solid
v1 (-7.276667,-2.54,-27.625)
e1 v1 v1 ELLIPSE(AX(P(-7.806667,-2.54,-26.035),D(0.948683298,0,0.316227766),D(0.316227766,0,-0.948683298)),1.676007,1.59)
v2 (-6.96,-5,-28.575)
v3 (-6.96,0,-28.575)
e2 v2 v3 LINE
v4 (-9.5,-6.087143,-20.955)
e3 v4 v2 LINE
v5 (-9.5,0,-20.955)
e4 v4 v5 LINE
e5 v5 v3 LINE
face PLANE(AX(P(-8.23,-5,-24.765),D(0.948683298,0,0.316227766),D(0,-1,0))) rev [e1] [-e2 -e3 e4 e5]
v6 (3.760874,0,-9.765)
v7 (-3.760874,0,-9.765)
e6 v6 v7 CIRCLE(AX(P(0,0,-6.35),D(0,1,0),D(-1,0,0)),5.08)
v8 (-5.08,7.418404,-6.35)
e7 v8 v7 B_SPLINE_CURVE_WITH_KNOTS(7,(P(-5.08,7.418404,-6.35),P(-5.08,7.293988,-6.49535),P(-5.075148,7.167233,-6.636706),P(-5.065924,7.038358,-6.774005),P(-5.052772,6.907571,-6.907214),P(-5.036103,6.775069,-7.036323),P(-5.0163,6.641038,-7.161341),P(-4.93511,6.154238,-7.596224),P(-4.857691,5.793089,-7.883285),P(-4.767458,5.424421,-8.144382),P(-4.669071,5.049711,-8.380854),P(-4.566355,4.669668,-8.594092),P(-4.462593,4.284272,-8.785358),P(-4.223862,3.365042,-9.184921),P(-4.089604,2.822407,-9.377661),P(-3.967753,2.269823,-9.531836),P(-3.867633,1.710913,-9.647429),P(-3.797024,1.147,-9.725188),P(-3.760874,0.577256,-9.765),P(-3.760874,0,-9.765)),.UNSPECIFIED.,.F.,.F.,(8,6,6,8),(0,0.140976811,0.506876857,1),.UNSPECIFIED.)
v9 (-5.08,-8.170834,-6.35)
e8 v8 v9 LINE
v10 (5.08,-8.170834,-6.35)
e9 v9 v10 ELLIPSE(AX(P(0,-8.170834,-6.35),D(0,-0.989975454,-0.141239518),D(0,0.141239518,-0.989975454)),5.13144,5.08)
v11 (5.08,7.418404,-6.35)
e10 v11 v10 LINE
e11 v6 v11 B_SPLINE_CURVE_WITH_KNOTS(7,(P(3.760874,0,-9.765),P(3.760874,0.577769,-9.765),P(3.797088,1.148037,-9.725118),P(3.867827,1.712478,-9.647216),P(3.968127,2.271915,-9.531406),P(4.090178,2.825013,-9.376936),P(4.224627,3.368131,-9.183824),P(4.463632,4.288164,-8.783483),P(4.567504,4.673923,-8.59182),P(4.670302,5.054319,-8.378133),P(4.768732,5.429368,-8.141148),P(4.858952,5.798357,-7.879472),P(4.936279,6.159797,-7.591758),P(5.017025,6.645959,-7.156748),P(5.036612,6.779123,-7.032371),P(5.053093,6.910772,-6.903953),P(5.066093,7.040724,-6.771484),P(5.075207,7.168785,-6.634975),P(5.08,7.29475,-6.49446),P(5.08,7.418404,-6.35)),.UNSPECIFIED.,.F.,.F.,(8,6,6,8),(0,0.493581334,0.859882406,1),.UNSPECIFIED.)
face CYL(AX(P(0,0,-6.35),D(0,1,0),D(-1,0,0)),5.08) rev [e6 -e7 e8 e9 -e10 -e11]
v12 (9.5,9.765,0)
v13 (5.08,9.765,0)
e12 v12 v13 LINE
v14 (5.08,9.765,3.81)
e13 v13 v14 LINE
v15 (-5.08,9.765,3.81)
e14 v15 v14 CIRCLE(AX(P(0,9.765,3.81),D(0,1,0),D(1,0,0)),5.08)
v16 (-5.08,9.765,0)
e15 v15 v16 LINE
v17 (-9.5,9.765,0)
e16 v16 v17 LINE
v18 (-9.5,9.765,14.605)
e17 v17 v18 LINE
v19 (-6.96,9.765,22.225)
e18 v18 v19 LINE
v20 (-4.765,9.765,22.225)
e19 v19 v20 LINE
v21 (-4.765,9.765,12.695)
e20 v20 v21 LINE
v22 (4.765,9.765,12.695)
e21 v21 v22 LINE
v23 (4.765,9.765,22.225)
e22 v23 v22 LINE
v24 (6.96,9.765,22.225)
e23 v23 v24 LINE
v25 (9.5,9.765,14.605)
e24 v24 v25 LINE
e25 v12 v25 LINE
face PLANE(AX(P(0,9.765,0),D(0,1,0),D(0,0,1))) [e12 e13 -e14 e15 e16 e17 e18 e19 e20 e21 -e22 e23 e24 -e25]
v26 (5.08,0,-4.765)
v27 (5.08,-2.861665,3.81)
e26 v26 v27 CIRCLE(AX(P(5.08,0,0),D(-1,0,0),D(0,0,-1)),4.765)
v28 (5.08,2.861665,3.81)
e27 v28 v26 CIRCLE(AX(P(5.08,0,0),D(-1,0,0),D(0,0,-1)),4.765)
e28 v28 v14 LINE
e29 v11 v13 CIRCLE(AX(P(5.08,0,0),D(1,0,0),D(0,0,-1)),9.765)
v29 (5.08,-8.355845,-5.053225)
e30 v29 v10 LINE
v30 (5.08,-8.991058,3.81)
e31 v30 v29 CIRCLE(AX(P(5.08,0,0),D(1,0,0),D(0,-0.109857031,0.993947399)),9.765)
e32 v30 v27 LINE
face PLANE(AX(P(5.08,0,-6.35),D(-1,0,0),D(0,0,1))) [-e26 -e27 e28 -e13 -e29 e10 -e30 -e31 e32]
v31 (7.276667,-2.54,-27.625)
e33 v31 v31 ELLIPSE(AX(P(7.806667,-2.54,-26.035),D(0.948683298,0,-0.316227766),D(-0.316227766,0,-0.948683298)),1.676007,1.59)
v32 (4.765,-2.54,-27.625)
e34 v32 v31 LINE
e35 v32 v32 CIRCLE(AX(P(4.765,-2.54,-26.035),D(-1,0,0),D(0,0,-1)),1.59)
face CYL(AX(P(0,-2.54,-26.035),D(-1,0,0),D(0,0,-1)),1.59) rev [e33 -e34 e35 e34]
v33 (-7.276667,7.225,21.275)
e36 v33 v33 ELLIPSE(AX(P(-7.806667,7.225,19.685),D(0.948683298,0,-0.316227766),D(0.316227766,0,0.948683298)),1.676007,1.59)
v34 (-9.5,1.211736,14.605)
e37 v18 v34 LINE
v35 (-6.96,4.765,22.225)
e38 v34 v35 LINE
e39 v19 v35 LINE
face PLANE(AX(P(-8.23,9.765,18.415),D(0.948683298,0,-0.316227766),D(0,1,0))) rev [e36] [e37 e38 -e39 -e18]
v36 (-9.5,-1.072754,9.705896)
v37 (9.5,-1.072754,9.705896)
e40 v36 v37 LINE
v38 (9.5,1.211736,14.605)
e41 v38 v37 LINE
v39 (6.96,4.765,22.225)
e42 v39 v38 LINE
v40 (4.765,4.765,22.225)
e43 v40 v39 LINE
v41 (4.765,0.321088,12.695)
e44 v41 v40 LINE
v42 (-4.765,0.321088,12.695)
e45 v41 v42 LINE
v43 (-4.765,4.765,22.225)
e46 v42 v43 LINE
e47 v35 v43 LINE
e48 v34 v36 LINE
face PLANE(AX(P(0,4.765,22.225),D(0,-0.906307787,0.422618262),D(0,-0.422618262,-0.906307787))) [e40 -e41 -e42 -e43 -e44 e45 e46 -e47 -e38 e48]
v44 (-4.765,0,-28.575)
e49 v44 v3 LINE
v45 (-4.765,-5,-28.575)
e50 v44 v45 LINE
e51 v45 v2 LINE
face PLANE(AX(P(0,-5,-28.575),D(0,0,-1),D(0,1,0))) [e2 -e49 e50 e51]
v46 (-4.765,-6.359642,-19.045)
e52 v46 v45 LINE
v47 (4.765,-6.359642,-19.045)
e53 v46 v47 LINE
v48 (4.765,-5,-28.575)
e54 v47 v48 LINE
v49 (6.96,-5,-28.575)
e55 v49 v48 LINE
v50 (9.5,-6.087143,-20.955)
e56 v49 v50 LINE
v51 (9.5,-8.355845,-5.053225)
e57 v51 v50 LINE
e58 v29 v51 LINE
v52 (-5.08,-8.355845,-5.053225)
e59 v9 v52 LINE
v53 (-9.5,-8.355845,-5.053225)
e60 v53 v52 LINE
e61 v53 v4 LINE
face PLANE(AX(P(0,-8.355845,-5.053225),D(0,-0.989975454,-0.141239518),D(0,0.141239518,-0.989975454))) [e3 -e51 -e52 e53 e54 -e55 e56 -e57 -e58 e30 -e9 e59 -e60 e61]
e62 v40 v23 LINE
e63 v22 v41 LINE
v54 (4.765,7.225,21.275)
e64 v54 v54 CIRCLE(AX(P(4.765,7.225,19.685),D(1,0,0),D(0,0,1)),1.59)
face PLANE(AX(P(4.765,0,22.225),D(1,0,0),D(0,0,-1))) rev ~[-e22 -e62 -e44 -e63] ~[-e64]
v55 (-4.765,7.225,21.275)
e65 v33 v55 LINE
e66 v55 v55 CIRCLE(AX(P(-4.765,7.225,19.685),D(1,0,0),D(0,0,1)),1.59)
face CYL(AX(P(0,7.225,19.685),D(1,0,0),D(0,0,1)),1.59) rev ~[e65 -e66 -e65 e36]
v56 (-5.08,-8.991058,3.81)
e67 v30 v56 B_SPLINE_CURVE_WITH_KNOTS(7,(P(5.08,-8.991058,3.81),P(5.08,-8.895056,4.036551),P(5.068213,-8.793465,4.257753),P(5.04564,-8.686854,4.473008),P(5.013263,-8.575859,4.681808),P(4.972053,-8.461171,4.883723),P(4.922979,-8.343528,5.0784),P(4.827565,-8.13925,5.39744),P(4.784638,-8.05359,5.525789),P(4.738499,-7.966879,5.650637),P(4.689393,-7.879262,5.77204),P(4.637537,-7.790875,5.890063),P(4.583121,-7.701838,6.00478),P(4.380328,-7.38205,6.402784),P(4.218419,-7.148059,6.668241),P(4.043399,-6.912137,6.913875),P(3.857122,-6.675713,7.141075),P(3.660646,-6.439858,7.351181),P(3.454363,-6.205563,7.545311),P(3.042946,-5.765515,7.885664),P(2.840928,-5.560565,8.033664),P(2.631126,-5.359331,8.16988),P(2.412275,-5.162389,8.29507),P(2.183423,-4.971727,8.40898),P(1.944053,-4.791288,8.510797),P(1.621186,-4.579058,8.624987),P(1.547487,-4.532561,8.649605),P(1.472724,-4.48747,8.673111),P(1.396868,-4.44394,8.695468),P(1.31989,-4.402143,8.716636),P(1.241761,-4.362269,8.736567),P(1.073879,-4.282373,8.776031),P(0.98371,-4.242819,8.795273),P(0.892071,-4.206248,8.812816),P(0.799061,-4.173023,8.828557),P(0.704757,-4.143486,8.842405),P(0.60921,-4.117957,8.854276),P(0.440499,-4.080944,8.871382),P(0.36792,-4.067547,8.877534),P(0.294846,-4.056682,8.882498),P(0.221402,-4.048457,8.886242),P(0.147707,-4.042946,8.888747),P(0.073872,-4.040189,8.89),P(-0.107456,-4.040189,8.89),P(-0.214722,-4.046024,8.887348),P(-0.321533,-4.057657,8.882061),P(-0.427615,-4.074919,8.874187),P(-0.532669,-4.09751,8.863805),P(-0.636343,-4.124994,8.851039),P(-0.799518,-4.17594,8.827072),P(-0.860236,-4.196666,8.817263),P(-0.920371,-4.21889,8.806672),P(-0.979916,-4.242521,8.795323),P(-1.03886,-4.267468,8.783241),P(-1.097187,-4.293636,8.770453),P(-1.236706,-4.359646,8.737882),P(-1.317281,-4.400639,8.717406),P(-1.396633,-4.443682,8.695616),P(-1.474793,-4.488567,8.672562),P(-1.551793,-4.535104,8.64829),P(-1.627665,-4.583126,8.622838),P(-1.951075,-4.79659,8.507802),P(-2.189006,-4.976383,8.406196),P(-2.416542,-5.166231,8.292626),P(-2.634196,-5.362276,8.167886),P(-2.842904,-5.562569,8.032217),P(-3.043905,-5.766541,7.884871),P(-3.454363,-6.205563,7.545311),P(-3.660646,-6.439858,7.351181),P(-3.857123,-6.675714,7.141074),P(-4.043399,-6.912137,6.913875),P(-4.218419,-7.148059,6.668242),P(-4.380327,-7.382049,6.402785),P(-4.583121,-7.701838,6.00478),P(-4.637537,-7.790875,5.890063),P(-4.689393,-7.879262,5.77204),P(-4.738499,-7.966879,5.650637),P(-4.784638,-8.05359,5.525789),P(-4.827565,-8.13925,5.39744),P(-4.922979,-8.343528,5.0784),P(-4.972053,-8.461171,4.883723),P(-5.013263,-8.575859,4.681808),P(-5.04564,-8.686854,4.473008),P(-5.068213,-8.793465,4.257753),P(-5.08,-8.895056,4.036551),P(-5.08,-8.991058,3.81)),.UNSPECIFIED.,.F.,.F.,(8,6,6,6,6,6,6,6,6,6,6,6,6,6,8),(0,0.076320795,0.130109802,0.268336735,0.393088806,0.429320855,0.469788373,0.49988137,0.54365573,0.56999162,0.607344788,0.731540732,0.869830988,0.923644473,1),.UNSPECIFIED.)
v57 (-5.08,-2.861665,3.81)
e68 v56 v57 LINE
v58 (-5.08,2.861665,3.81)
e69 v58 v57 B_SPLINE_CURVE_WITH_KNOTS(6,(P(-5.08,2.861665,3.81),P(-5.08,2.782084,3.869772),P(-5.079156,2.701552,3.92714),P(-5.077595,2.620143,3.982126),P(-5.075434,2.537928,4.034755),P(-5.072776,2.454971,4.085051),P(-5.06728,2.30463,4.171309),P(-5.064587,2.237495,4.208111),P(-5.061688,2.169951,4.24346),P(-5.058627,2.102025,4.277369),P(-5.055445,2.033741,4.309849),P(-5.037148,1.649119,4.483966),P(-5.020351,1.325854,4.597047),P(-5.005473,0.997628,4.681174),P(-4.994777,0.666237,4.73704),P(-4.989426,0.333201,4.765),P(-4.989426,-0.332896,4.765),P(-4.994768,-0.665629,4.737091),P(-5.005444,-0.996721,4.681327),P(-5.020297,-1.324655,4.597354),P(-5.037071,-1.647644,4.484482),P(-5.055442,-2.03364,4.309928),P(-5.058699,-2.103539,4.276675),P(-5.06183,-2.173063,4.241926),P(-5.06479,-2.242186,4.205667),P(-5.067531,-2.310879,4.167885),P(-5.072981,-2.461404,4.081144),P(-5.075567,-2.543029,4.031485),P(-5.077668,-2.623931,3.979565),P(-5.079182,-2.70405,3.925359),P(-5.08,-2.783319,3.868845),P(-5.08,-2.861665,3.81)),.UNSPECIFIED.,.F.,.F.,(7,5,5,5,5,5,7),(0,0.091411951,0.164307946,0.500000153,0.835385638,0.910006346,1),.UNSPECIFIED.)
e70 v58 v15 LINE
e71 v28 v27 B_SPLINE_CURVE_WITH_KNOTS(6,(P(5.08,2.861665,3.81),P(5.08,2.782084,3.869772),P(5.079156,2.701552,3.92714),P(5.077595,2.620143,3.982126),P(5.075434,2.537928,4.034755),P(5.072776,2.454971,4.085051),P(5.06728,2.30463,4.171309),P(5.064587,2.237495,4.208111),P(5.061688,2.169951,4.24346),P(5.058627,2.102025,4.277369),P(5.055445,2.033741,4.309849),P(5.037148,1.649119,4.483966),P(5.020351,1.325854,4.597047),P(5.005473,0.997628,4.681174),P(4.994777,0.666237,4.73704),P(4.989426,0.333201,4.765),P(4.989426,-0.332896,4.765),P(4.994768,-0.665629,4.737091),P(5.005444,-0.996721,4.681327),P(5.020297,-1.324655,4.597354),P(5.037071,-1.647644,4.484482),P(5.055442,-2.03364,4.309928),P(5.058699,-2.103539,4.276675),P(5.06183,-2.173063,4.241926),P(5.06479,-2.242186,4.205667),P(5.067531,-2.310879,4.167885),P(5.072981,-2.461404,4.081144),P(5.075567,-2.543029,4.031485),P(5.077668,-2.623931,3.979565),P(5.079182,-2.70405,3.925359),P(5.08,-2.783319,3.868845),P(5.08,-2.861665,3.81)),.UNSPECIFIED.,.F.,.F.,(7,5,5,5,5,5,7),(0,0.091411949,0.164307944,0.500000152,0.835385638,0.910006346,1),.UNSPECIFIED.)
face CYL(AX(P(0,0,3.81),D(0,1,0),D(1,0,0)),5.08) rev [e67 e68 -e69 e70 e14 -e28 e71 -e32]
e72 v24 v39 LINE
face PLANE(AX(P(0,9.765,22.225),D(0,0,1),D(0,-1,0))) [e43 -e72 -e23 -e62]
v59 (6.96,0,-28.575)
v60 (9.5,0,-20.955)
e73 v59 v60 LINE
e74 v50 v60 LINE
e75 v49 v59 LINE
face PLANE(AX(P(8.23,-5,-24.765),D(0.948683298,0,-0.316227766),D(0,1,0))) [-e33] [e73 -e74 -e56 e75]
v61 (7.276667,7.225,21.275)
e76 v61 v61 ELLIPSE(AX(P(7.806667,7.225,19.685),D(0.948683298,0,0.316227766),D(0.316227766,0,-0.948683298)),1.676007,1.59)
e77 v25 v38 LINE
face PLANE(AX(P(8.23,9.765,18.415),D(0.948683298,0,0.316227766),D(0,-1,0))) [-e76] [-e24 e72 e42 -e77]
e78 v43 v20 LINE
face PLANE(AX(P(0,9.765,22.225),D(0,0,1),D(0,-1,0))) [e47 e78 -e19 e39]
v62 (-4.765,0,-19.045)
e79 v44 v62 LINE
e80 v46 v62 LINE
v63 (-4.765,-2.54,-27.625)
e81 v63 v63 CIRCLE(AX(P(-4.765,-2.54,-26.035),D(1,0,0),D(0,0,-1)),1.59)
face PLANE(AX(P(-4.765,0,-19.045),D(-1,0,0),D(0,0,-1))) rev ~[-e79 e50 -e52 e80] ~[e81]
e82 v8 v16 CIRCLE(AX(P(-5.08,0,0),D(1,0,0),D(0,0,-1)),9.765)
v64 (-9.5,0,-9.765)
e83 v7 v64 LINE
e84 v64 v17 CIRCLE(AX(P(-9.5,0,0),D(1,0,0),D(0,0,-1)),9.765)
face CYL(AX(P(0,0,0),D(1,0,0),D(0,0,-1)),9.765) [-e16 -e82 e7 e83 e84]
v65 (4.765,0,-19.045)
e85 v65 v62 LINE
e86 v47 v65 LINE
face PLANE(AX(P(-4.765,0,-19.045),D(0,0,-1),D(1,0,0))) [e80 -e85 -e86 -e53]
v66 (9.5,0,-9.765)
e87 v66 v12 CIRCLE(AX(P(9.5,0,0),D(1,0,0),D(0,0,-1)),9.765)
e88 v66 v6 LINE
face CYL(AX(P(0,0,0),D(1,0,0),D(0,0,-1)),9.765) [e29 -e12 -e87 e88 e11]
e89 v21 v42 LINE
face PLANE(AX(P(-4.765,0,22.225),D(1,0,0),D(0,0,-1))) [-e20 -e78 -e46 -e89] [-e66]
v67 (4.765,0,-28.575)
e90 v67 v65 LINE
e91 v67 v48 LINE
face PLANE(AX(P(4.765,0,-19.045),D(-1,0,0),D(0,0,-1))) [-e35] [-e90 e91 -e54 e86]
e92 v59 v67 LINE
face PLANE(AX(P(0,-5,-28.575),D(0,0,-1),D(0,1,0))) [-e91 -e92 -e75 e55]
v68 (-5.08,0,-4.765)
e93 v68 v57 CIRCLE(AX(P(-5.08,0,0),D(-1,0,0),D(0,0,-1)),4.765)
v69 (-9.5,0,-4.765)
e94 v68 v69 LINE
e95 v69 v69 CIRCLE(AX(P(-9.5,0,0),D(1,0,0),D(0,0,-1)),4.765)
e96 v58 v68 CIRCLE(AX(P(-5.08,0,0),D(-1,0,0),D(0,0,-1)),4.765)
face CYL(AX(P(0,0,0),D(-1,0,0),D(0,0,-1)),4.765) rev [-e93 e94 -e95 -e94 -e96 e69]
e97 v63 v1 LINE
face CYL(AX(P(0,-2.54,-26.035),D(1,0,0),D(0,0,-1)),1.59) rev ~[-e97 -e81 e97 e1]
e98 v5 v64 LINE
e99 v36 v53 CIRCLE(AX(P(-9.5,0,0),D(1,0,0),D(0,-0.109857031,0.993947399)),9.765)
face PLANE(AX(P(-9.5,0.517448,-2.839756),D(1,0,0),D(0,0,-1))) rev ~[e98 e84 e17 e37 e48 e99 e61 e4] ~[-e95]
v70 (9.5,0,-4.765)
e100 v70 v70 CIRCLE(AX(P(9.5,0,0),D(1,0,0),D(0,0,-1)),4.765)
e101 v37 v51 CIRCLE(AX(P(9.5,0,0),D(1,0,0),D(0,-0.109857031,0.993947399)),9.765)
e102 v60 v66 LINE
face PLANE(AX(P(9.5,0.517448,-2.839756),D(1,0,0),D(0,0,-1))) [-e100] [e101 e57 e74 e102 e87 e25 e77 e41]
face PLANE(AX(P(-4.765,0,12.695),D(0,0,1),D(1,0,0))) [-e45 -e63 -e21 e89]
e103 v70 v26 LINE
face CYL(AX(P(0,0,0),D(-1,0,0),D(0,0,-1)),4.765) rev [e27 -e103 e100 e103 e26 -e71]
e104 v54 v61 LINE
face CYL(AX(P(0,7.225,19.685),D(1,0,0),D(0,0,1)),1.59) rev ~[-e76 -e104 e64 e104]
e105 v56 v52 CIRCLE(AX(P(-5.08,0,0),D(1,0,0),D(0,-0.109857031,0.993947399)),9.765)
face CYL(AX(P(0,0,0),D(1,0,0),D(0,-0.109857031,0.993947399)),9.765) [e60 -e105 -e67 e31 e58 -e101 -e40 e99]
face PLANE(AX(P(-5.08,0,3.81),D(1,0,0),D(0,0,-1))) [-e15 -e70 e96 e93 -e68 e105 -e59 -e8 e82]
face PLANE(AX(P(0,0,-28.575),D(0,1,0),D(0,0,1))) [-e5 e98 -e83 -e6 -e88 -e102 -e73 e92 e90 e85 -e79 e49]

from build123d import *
from OCP.BRepFilletAPI import BRepFilletAPI_MakeChamfer

# Parameters (mm, degrees)
SKETCH1_R           = 4.765
BOSS_EXTRUDE1_DEPTH = 9.5
CHAMFER1_SIZE       = 2.54
CHAMFER1_SIZE2      = 7.62
CHAMFER2_SIZE       = 7.62
CHAMFER2_SIZE2      = 2.54
CUT_EXTRUDE1_DEPTH  = 17.5
SKETCH3_W           = 9.53
SKETCH3_H           = 9.53
CUT_EXTRUDE2_DEPTH  = 17.5
SKETCH4_R           = 1.59
CUT_EXTRUDE3_DEPTH  = 17.5


with BuildPart() as part:
    # Sketch1 → Boss-Extrude1 (new, symmetric)
    with BuildSketch(Plane(origin=(0, 0, 0), x_dir=(0, 0, -1), z_dir=(1, 0, 0))):
        with BuildLine():
            Line((0, 9.765), (-22.225, 9.765))
            Line((-22.225, 9.765), (-22.225, 4.765))
            Line((-22.225, 4.765), (-9.705896356, -1.072753903))
            ThreePointArc((-9.705896356, -1.072753903), (-4.321191132, -8.756856297), (5.053224579, -8.355845041))
            Line((5.053224579, -8.355845041), (28.575, -5))
            Line((28.575, -5), (28.575, 0))
            Line((28.575, 0), (9.765, 0))
            ThreePointArc((9.765, 0), (6.904897718, 6.904897718), (0, 9.765))
        make_face()
        Circle(SKETCH1_R, mode=Mode.SUBTRACT)
    extrude(amount=BOSS_EXTRUDE1_DEPTH, both=True)

    # Chamfer1: one chamfer whose edges measure the first distance from different faces: ONE call of the kernel's chamfer builder (chamfer() names one face for all edges)
    chamfer1_edges_1 = [part.edges().sort_by_distance(p)[0] for p in [
        (9.5, 7.265, 22.225),
    ]]
    chamfer1_side_1 = [part.faces().sort_by_distance(p)[0] for p in [
        (0, 7.265, 22.225),
    ]]
    chamfer1_edges_2 = [part.edges().sort_by_distance(p)[0] for p in [
        (9.5, -2.5, -28.575),
    ]]
    chamfer1_side_2 = [part.faces().sort_by_distance(p)[0] for p in [
        (0, -2.5, -28.575),
    ]]
    chamfer1 = BRepFilletAPI_MakeChamfer(part.part.solid().wrapped)
    for e in chamfer1_edges_1:
        chamfer1.Add(CHAMFER1_SIZE, CHAMFER1_SIZE2, e.wrapped, chamfer1_side_1[0].wrapped)  # the first distance lies on this face
    for e in chamfer1_edges_2:
        chamfer1.Add(CHAMFER1_SIZE, CHAMFER1_SIZE2, e.wrapped, chamfer1_side_2[0].wrapped)  # the first distance lies on this face
    add(Compound.cast(chamfer1.Shape()), mode=Mode.REPLACE)

    # Chamfer2
    chamfer2_edges = [part.edges().sort_by_distance(p)[0] for p in [
        (-9.5, 7.265, 22.225),
        (-9.5, -2.5, -28.575),
    ]]
    chamfer2_side = [part.faces().sort_by_distance(p)[0] for p in [
        (-9.5, 9.220751812, 11.1125),
    ]]
    chamfer(chamfer2_edges, length=CHAMFER2_SIZE, length2=CHAMFER2_SIZE2, reference=chamfer2_side[0])

    # Sketch2 → Cut-Extrude1 (cut, symmetric)
    with BuildSketch(Plane(origin=(0, 0, 0), x_dir=(1, 0, 0), z_dir=(0, 1, 0))):
        with BuildLine():
            Line((-5.08, -3.81), (-5.08, 6.35))
            ThreePointArc((-5.08, 6.35), (0, 11.43), (5.08, 6.35))
            Line((5.08, 6.35), (5.08, -3.81))
            ThreePointArc((5.08, -3.81), (0, -8.89), (-5.08, -3.81))
        make_face()
    extrude(amount=CUT_EXTRUDE1_DEPTH, both=True, mode=Mode.SUBTRACT)

    # Sketch3 → Cut-Extrude2 (cut, symmetric)
    with BuildSketch(Plane(origin=(0, 0, 0), x_dir=(1, 0, 0), z_dir=(0, 1, 0))):
        with Locations((0, 23.81)):
            Rectangle(SKETCH3_W, SKETCH3_H)
        with Locations((0, -17.46)):
            Rectangle(SKETCH3_W, SKETCH3_H)
    extrude(amount=CUT_EXTRUDE2_DEPTH, both=True, mode=Mode.SUBTRACT)

    # Sketch4 → Cut-Extrude3 (cut, symmetric)
    with BuildSketch(Plane(origin=(0, 0, 0), x_dir=(0, 0, -1), z_dir=(1, 0, 0))):
        with Locations((26.035, -2.54)):
            Circle(SKETCH4_R)
        with Locations(Location((-19.685, 7.225, 0), (0, 0, 180))):
            Circle(SKETCH4_R)
    extrude(amount=CUT_EXTRUDE3_DEPTH, both=True, mode=Mode.SUBTRACT)


solid = part.part
